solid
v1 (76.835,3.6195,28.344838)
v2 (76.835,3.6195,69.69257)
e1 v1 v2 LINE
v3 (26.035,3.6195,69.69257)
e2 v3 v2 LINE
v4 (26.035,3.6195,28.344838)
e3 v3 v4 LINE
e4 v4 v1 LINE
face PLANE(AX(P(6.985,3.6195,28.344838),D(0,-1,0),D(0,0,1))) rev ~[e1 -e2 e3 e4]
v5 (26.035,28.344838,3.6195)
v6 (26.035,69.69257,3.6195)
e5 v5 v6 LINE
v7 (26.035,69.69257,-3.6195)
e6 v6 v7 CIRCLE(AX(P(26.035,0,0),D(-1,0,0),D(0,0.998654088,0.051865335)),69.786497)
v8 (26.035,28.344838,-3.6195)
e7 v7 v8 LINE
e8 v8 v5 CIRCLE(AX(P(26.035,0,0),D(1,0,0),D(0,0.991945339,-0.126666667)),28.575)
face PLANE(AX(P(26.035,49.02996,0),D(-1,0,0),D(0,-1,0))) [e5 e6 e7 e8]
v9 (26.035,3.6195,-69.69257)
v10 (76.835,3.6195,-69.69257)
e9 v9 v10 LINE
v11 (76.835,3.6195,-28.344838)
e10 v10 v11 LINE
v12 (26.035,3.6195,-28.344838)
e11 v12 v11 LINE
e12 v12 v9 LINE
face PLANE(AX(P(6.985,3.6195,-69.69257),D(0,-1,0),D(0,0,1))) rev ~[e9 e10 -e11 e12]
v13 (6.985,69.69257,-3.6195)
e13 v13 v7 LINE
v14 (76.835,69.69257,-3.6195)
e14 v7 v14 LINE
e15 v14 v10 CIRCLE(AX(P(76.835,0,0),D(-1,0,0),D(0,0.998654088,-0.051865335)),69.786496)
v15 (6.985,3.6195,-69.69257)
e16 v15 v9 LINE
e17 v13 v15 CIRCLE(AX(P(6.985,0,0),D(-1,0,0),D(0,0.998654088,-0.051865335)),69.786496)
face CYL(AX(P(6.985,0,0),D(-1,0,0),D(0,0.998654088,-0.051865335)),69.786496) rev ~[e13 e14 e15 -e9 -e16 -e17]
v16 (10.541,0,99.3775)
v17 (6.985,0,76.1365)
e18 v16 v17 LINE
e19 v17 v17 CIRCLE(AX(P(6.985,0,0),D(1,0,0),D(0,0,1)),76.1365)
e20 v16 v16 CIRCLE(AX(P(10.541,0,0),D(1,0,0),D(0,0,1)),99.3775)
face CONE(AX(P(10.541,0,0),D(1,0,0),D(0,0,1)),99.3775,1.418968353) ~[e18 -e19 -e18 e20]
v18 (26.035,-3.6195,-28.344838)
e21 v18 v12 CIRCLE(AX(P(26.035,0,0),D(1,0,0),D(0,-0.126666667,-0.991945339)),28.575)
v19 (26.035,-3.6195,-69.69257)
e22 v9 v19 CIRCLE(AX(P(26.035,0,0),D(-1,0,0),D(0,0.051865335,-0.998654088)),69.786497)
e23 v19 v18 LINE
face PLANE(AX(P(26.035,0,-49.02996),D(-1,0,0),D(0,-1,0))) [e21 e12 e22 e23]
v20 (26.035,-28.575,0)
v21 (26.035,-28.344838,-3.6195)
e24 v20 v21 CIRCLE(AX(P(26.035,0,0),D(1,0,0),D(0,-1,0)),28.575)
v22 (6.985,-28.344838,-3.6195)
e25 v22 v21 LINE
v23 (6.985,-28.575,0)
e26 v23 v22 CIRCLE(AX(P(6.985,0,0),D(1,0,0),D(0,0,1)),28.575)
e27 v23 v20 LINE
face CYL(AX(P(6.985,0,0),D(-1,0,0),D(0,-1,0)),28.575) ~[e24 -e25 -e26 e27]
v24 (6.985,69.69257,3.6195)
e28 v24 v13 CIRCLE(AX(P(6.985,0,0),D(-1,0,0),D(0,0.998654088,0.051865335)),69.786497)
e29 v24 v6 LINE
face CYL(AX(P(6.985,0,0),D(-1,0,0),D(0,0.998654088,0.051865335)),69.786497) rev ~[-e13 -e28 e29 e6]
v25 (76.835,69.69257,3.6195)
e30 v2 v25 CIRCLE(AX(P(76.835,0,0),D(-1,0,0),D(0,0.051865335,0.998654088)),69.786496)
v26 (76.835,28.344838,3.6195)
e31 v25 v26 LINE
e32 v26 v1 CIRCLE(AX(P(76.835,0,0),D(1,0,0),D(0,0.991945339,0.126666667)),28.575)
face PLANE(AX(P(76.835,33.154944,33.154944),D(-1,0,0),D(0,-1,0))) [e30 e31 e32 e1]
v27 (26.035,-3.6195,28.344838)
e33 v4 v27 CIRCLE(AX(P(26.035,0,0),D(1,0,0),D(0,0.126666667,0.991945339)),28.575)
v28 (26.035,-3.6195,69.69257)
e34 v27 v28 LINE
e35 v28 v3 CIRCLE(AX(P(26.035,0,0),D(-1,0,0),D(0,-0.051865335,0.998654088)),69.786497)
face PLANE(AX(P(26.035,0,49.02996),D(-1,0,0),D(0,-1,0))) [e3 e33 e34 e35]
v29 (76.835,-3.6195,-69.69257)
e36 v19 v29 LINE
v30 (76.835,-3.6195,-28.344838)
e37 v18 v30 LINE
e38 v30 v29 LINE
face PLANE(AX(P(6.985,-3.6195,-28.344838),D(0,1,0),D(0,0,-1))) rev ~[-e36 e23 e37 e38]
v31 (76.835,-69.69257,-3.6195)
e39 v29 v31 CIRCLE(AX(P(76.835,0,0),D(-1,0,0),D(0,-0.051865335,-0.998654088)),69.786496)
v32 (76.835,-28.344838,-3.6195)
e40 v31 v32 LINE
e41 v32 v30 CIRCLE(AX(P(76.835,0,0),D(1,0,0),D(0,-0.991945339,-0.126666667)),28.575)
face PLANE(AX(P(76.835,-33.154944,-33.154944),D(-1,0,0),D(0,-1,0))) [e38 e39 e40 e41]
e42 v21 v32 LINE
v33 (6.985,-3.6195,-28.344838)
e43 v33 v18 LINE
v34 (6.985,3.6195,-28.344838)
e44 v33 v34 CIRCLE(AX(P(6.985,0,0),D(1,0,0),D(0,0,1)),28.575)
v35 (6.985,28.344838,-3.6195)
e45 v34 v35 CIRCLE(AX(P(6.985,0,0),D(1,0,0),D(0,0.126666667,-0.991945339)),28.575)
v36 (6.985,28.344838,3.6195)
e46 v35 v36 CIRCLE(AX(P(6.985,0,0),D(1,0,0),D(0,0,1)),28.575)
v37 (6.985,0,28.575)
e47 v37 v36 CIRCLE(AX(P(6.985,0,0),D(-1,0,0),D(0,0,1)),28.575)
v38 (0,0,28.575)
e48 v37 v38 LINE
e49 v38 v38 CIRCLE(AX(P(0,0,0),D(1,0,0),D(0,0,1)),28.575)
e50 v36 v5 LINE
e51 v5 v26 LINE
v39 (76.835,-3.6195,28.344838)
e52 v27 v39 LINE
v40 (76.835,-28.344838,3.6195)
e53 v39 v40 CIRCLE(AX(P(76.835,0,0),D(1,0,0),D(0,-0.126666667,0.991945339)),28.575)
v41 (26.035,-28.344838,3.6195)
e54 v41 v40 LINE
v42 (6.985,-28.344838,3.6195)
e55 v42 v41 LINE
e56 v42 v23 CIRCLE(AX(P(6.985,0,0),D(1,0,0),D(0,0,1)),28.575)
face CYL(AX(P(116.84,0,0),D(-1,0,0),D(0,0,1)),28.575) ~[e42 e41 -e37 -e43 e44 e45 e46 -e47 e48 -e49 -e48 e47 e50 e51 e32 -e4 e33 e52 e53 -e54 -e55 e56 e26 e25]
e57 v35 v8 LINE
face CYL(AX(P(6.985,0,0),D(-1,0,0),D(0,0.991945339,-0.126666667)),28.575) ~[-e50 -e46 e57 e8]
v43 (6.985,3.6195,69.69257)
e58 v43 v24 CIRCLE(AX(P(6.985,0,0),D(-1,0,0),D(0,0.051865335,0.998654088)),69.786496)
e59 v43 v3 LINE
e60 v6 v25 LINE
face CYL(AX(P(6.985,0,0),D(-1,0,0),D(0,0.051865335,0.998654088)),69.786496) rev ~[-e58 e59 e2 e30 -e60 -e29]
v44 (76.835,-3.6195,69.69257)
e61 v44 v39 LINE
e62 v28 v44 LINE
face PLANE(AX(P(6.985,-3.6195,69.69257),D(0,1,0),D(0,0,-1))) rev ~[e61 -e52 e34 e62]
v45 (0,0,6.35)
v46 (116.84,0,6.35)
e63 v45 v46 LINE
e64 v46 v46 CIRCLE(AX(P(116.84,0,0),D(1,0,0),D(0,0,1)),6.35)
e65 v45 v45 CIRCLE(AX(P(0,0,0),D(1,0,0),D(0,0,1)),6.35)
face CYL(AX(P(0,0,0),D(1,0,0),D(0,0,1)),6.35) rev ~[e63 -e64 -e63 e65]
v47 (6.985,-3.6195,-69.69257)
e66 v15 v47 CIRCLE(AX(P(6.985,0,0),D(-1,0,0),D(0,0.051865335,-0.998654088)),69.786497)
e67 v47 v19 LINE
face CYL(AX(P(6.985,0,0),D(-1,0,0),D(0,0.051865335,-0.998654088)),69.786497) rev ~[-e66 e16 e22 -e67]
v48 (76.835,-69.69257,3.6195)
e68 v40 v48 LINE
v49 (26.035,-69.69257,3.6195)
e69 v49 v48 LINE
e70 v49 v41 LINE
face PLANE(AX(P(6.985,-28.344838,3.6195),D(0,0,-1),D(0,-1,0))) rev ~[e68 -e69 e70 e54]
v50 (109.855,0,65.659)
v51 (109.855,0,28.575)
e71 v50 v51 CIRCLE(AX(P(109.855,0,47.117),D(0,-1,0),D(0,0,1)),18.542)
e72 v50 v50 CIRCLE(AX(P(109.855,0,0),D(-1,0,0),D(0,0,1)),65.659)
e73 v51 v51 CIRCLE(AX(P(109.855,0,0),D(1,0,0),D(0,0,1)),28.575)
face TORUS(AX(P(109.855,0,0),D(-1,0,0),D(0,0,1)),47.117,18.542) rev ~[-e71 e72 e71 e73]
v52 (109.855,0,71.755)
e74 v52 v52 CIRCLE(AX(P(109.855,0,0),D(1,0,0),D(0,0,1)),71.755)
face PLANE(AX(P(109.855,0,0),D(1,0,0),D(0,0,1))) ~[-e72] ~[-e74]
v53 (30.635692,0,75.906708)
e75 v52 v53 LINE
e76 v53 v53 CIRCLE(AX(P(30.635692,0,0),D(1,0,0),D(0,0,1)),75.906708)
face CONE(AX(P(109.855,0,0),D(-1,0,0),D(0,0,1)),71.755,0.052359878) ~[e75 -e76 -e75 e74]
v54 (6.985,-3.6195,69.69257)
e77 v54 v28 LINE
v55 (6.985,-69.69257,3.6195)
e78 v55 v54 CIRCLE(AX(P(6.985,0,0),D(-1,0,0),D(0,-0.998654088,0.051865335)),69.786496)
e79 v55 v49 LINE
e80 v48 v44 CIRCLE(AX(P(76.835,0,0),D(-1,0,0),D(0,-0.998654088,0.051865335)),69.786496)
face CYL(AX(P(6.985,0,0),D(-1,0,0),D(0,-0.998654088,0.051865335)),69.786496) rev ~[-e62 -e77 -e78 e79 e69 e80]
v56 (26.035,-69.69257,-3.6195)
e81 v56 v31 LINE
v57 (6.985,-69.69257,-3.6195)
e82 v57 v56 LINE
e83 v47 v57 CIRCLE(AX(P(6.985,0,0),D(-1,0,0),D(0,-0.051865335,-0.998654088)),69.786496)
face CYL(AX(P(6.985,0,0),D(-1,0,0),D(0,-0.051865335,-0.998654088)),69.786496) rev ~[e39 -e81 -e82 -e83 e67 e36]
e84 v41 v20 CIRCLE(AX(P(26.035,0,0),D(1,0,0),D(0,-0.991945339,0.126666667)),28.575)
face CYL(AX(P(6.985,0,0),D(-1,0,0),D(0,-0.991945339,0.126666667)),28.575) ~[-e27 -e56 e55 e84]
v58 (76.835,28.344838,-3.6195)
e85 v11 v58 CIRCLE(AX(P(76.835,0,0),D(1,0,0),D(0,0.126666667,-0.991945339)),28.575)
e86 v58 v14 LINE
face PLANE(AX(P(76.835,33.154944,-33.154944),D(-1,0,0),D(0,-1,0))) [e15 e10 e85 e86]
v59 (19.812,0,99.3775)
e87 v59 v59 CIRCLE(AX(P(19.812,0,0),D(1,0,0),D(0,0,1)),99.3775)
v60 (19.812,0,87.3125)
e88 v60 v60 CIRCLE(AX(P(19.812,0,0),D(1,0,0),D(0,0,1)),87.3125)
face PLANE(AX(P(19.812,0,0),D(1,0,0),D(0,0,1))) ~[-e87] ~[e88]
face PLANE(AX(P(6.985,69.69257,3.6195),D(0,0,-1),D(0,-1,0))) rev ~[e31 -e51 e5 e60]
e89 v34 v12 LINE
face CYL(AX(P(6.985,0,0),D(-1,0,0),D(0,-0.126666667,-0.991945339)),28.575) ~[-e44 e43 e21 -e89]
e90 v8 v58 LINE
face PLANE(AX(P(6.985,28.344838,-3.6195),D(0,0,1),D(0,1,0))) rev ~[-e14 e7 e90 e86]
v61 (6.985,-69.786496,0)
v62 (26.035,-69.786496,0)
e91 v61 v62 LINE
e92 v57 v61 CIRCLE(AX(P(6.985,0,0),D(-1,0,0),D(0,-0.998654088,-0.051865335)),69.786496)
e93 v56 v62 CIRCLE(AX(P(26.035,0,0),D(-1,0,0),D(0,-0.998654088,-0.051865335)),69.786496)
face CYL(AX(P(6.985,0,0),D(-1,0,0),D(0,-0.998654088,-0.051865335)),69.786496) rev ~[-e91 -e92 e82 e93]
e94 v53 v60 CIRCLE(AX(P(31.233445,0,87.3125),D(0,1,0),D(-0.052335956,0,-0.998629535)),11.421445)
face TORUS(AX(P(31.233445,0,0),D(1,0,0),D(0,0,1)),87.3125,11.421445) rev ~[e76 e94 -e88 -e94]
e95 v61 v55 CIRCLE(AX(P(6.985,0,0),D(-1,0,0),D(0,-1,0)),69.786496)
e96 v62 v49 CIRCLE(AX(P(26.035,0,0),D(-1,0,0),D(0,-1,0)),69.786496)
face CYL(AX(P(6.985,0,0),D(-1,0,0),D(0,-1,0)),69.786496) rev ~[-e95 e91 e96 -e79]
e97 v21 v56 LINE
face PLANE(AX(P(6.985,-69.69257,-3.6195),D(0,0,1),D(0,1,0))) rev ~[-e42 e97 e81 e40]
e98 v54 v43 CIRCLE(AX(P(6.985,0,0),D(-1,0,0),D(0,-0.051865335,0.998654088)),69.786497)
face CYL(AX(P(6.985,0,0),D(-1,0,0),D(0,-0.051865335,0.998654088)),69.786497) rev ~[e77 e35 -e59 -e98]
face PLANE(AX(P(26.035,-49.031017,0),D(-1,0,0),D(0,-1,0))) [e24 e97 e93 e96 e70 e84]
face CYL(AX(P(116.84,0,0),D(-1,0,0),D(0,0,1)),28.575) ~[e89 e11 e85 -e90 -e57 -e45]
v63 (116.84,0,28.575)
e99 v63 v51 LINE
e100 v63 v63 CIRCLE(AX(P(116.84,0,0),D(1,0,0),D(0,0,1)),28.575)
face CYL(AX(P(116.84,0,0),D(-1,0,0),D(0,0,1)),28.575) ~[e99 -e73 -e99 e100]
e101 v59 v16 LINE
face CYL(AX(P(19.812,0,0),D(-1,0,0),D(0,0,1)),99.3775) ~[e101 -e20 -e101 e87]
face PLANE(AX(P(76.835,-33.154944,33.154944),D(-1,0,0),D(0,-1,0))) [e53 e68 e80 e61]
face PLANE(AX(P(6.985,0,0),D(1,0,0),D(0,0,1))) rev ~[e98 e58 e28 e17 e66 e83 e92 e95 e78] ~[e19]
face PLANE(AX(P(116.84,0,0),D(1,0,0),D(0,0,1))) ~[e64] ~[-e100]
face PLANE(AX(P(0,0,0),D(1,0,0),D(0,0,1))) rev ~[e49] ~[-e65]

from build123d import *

# Parameters (mm, degrees)
F5_DEPTH = 69.85
F6_DEPTH = 19.05


with BuildPart() as f1:
    # F0 (on Front) → F1 (revolve)
    with BuildSketch(Plane.XZ):
        Polygon((0, 28.575), (0, 6.35), (116.84, 6.35), (116.84, 28.575), (109.855, 28.575), (6.985, 28.575), align=None)
        with BuildLine():
            Line((6.985, 68.8975), (6.985, 28.575))
            Line((6.985, 28.575), (109.855, 28.575))
            Line((109.855, 28.575), (109.855, 71.755))
            Line((109.855, 71.755), (30.635692479, 75.9067079835))
            ThreePointArc((30.635692479, 75.9067079835), (22.9486214373, 79.4504962732), (19.812, 87.3125))
            Line((19.812, 87.3125), (19.812, 99.3775))
            Line((19.812, 99.3775), (10.541, 99.3775))
            Line((10.541, 99.3775), (6.985, 76.1365))
            Line((6.985, 76.1365), (6.985, 68.8975))
        make_face()
    revolve(axis=Axis((45.9916256368, 0, 0), (1, 0, 0)))

    # F2 (on Front) → F3 (revolve, cut)
    with BuildSketch(Plane.XZ):
        with BuildLine():
            ThreePointArc((109.855, 65.659), (91.313, 47.117), (109.855, 28.575))
            Line((109.855, 28.575), (109.855, 65.659))
        make_face()
    revolve(axis=Axis((97.4680353308, 0, 0), (-1, 0, 0)), mode=Mode.SUBTRACT)

    # F4 (on face) → F5 (cut)
    with BuildSketch(Plane(origin=(6.985, 0, 0), x_dir=(0, -1, 0), z_dir=(-1, 0, 0))):
        with BuildLine():
            ThreePointArc((3.6195, -69.6925699625), (49.3465048824, -49.3465048824), (69.6925699625, -3.6195))
            Line((69.6925699625, -3.6195), (28.3448380618, -3.6195))
            ThreePointArc((28.3448380618, -3.6195), (20.2055762724, -20.2055762724), (3.6195, -28.3448380618))
            Line((3.6195, -28.3448380618), (3.6195, -69.6925699625))
        make_face()
        with BuildLine():
            ThreePointArc((-69.6925699625, -3.6195), (-49.3465048824, -49.3465048824), (-3.6195, -69.6925699625))
            Line((-3.6195, -69.6925699625), (-3.6195, -28.3448380618))
            ThreePointArc((-3.6195, -28.3448380618), (-20.2055762724, -20.2055762724), (-28.3448380618, -3.6195))
            Line((-28.3448380618, -3.6195), (-69.6925699625, -3.6195))
        make_face()
        with BuildLine():
            Line((-3.6195, 28.3448380618), (-3.6195, 69.6925699625))
            ThreePointArc((-3.6195, 69.6925699625), (-49.3465048824, 49.3465048824), (-69.6925699625, 3.6195))
            Line((-69.6925699625, 3.6195), (-28.3448380618, 3.6195))
            ThreePointArc((-28.3448380618, 3.6195), (-20.2055762724, 20.2055762724), (-3.6195, 28.3448380618))
        make_face()
        with BuildLine():
            Line((28.3448380618, 3.6195), (69.6925699625, 3.6195))
            ThreePointArc((69.6925699625, 3.6195), (49.3465048824, 49.3465048824), (3.6195, 69.6925699625))
            Line((3.6195, 69.6925699625), (3.6195, 28.3448380618))
            ThreePointArc((3.6195, 28.3448380618), (20.2055762724, 20.2055762724), (28.3448380618, 3.6195))
        make_face()
    extrude(amount=-F5_DEPTH, mode=Mode.SUBTRACT)

    # F4 (on face) → F6 (cut)
    with BuildSketch(Plane(origin=(6.985, 0, 0), x_dir=(0, -1, 0), z_dir=(-1, 0, 0))):
        with BuildLine():
            Line((-28.3448380618, 3.6195), (-69.6925699625, 3.6195))
            ThreePointArc((-69.6925699625, 3.6195), (-69.7864964604, 0), (-69.6925699625, -3.6195))
            Line((-69.6925699625, -3.6195), (-28.3448380618, -3.6195))
            ThreePointArc((-28.3448380618, -3.6195), (-28.575, 0), (-28.3448380618, 3.6195))
        make_face()
        with BuildLine():
            Line((3.6195, 28.3448380618), (3.6195, 69.6925699625))
            ThreePointArc((3.6195, 69.6925699625), (0, 69.7864964604), (-3.6195, 69.6925699625))
            Line((-3.6195, 69.6925699625), (-3.6195, 28.3448380618))
            ThreePointArc((-3.6195, 28.3448380618), (0, 28.575), (3.6195, 28.3448380618))
        make_face()
        with BuildLine():
            ThreePointArc((69.7864964604, 0), (69.7630108841, 1.8103592487), (69.6925699625, 3.6195))
            Line((69.6925699625, 3.6195), (28.3448380618, 3.6195))
            ThreePointArc((28.3448380618, 3.6195), (28.5174014649, 1.8134052752), (28.575, 0))
            ThreePointArc((28.575, 0), (28.5174014649, -1.8134052752), (28.3448380618, -3.6195))
            Line((28.3448380618, -3.6195), (69.6925699625, -3.6195))
            ThreePointArc((69.6925699625, -3.6195), (69.7630108841, -1.8103592487), (69.7864964604, 0))
        make_face()
        with BuildLine():
            ThreePointArc((-3.6195, -69.6925699625), (0, -69.7864964604), (3.6195, -69.6925699625))
            Line((3.6195, -69.6925699625), (3.6195, -28.3448380618))
            ThreePointArc((3.6195, -28.3448380618), (0, -28.575), (-3.6195, -28.3448380618))
            Line((-3.6195, -28.3448380618), (-3.6195, -69.6925699625))
        make_face()
    extrude(amount=-F6_DEPTH, mode=Mode.SUBTRACT)


solid = f1.part
